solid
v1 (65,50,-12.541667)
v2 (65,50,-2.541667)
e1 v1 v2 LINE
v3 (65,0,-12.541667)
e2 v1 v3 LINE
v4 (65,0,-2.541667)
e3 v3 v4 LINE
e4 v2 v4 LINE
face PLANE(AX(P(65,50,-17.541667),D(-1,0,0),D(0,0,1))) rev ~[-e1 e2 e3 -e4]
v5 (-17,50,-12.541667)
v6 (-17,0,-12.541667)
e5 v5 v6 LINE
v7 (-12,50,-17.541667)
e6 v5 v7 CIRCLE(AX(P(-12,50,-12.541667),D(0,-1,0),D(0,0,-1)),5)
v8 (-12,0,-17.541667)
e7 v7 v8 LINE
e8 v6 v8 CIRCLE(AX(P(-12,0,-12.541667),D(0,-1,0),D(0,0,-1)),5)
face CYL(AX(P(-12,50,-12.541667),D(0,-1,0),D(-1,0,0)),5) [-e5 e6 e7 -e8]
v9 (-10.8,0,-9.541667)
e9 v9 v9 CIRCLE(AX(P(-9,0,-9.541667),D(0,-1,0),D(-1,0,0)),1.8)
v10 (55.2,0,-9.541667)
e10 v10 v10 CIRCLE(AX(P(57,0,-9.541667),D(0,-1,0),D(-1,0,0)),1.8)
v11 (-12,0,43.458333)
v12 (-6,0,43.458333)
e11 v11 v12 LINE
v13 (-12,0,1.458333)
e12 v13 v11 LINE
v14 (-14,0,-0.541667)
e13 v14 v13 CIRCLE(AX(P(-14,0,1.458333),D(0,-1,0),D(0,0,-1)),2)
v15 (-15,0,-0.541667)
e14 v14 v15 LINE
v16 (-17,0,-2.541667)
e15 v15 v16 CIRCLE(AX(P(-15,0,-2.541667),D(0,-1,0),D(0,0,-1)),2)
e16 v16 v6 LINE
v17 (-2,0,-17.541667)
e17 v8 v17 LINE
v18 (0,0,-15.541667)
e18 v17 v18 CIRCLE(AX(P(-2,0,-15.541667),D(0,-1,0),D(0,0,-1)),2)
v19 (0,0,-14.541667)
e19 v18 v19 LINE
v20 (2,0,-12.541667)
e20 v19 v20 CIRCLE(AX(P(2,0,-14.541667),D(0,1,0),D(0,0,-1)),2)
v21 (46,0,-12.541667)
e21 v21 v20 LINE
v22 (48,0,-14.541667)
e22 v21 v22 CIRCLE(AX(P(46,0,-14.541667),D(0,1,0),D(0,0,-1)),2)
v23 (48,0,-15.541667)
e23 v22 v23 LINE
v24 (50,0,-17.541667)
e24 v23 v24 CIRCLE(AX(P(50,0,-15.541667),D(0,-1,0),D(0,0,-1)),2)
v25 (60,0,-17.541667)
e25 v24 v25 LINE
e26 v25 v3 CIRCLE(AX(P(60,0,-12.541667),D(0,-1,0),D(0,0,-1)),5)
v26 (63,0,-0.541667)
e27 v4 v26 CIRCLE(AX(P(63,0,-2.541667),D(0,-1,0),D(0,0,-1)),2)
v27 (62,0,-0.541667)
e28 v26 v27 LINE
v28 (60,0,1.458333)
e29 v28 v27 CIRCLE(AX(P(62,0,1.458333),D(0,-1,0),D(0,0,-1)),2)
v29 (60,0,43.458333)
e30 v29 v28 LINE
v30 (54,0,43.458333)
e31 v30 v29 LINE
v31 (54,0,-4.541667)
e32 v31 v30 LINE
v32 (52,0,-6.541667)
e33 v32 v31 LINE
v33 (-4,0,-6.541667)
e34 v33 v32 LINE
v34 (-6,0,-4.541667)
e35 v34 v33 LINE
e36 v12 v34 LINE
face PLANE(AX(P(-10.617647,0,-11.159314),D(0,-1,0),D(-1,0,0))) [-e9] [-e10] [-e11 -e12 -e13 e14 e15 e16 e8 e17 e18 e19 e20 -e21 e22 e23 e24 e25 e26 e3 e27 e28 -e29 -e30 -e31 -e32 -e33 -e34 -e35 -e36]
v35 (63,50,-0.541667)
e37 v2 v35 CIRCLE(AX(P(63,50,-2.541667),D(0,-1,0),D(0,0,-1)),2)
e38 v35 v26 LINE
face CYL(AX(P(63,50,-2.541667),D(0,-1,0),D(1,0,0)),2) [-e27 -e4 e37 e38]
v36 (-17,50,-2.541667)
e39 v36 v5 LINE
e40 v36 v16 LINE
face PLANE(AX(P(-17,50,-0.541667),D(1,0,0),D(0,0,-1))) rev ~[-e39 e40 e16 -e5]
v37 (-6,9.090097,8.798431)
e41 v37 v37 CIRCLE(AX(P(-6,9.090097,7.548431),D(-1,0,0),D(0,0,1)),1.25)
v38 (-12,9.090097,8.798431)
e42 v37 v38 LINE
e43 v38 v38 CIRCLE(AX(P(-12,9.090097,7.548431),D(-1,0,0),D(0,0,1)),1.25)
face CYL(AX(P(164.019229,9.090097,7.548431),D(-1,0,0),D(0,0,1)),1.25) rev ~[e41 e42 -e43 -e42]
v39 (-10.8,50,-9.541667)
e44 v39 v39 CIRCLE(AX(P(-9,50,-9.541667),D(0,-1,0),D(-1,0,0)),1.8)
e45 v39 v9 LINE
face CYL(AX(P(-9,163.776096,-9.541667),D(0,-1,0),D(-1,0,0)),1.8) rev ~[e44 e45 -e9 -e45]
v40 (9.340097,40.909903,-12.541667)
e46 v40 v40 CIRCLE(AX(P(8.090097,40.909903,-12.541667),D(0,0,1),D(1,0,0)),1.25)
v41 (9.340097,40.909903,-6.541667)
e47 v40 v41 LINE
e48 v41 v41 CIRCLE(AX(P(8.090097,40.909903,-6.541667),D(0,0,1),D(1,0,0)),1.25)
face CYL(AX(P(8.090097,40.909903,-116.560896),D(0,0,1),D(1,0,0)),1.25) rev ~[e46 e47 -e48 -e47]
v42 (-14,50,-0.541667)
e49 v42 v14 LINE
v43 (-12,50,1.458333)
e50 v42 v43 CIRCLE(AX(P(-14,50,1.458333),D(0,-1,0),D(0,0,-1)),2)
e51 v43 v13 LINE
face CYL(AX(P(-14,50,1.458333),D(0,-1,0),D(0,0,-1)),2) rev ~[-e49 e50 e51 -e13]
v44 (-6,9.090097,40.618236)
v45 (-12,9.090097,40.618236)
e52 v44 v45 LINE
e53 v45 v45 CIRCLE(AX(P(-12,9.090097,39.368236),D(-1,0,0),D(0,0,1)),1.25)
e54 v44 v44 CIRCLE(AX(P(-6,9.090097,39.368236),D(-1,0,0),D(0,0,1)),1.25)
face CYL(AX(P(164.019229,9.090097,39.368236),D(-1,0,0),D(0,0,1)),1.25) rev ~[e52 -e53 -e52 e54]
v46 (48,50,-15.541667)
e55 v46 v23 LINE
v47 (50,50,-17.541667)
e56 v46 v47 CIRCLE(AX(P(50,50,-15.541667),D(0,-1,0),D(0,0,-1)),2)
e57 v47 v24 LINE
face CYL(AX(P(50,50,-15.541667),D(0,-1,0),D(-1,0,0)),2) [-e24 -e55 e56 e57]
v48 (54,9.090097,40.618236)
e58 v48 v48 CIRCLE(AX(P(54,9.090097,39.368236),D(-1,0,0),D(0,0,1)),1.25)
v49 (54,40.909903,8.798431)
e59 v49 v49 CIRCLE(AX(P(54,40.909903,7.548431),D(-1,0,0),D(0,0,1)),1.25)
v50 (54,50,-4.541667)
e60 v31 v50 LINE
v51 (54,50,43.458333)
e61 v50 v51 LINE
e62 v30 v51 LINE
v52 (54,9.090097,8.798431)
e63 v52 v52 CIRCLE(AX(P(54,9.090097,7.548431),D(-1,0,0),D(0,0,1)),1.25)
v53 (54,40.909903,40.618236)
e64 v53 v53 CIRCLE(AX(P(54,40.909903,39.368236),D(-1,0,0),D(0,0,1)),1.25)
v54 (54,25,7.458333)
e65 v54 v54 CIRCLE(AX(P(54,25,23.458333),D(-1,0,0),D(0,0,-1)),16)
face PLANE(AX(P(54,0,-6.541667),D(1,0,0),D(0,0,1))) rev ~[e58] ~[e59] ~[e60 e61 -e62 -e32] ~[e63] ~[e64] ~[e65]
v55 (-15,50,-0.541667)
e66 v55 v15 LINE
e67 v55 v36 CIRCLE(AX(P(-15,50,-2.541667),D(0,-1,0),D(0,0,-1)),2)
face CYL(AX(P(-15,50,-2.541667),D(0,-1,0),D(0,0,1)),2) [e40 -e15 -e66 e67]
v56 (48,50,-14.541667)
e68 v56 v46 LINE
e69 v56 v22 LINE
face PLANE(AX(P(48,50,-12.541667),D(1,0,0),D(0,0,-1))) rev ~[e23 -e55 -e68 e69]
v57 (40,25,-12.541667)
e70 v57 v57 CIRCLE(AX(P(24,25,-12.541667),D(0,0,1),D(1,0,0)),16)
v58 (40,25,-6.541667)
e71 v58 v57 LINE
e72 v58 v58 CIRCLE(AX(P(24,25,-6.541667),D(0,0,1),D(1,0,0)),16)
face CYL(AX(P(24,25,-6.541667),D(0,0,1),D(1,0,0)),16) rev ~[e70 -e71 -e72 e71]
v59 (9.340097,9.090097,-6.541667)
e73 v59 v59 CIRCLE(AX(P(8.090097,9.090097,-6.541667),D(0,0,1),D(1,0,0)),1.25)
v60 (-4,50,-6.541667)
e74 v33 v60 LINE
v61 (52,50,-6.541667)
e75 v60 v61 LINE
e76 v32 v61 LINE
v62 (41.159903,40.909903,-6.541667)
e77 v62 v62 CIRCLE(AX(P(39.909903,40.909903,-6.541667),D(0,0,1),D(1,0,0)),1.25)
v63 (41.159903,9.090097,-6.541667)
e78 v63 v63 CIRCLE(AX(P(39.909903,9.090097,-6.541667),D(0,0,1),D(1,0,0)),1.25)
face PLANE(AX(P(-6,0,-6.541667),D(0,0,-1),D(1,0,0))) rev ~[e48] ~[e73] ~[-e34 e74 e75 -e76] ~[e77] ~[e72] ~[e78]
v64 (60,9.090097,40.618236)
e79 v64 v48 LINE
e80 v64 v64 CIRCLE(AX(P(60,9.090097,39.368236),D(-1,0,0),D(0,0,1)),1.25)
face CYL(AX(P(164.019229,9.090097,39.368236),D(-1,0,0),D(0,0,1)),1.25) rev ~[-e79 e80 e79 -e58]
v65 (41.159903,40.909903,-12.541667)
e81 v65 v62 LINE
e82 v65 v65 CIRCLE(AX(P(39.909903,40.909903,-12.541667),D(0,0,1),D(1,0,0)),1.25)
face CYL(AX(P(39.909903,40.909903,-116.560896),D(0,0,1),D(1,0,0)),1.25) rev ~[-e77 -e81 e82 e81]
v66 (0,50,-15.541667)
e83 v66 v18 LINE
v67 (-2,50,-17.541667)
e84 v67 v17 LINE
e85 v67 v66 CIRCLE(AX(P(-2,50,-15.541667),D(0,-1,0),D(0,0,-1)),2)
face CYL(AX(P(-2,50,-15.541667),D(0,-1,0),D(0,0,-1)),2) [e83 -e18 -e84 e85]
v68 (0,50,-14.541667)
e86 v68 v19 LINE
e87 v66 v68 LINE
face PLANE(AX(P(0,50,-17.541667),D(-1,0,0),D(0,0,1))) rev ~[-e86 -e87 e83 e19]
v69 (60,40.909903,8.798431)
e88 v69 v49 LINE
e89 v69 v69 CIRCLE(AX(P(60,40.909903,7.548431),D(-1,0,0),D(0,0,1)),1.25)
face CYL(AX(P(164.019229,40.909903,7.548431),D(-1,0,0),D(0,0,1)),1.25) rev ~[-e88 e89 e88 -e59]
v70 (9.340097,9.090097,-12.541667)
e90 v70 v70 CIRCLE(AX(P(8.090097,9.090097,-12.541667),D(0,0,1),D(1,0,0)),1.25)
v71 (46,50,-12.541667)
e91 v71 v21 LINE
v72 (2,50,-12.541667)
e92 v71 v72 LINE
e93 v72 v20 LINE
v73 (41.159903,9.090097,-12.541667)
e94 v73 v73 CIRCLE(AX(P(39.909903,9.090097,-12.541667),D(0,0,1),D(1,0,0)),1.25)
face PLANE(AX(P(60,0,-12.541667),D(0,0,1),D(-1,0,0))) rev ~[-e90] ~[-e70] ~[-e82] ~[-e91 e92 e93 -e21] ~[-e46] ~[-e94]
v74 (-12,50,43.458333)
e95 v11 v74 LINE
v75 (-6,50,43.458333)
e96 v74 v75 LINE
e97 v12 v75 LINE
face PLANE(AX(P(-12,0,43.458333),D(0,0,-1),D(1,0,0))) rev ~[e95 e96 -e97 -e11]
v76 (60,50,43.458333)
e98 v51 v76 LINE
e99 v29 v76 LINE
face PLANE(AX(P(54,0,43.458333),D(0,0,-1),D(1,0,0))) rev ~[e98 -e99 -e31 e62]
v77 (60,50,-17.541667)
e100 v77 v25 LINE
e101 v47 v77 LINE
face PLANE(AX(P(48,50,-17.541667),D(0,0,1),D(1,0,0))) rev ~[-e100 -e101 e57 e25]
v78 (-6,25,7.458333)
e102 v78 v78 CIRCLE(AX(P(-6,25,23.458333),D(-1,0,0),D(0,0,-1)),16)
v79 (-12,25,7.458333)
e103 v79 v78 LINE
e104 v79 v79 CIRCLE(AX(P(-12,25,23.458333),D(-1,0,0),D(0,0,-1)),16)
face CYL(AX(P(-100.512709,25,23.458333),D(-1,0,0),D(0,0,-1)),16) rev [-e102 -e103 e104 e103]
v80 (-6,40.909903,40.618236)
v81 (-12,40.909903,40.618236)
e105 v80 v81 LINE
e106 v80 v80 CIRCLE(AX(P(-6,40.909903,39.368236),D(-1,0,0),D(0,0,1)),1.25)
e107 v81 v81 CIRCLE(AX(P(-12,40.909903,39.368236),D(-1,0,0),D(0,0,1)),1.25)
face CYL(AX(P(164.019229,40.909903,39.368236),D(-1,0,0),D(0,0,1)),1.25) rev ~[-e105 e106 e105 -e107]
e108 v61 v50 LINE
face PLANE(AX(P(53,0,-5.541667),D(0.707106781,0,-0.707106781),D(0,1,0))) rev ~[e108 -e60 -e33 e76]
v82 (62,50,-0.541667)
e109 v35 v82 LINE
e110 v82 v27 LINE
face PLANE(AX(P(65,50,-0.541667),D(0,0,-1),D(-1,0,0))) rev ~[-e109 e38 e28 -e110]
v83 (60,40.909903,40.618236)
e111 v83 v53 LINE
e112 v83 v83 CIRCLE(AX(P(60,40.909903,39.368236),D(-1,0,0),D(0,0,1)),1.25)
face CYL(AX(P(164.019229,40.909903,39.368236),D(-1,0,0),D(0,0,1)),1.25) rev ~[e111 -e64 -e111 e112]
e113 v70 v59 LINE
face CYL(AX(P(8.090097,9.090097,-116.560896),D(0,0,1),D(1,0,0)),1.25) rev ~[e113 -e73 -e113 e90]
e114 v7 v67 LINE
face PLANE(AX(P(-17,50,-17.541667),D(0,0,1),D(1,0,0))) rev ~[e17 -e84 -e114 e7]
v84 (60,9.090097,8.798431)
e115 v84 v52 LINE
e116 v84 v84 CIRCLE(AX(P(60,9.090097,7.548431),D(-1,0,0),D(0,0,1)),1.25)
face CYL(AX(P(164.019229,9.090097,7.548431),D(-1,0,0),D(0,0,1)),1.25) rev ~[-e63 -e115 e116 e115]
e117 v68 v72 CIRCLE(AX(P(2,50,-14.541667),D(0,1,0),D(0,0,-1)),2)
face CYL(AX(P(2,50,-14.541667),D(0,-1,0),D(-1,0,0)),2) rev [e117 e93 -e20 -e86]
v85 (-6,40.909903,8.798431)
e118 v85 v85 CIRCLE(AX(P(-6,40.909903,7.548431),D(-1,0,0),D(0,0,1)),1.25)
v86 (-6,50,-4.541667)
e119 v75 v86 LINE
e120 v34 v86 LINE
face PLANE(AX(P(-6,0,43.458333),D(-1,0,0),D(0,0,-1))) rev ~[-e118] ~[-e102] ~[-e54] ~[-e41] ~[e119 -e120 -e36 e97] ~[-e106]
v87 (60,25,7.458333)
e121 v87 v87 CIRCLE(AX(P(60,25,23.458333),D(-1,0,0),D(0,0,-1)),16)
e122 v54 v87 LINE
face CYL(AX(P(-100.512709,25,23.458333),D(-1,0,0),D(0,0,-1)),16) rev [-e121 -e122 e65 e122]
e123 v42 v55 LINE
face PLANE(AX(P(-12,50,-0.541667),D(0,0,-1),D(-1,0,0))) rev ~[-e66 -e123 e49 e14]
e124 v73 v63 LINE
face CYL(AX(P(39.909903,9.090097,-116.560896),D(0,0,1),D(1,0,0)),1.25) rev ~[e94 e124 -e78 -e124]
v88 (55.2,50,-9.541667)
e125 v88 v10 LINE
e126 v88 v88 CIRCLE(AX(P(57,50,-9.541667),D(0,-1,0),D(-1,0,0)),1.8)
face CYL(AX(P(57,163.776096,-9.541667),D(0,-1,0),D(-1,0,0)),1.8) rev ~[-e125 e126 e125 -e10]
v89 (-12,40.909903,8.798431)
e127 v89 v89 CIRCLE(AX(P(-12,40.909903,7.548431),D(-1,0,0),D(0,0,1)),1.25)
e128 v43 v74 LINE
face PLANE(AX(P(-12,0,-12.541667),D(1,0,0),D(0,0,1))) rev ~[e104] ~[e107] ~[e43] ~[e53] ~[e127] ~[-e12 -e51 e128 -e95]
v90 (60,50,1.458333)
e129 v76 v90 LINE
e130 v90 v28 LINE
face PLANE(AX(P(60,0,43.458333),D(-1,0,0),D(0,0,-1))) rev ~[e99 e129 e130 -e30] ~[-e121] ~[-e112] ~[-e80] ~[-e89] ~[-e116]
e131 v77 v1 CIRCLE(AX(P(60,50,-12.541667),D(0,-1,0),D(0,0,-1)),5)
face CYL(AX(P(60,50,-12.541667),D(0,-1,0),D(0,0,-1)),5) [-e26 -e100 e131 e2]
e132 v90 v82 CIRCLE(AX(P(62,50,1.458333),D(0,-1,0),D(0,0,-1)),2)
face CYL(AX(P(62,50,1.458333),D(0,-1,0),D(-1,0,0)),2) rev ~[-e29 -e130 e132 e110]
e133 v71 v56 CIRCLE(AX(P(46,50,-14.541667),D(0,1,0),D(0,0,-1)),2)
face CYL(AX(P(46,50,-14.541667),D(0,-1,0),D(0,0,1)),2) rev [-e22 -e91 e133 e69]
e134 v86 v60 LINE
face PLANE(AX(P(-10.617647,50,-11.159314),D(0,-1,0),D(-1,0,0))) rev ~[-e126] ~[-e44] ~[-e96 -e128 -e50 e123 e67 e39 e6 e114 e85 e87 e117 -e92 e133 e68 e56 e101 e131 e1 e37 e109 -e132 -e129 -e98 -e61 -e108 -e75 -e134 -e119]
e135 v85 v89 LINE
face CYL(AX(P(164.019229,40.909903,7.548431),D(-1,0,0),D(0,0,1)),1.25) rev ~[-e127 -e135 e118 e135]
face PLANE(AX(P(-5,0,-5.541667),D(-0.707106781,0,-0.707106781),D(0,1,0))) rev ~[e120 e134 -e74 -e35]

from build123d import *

# Parameters (mm, degrees)
BOSS_EXTRUDE1_DEPTH     = 50
CUT_EXTRUDE1_DEPTH      = 94.512708955
CUT_EXTRUDE1_DEPTH_BACK = 94.512708955
SKETCH2_R               = 16
SKETCH3_R               = 16
CUT_EXTRUDE2_DEPTH      = 93.736184955
TAP_DRILL_FOR_M3_TAP1_D = 2.5
TAP_DRILL_FOR_M3_TAP2_D = 2.5
CHAMFER1_SIZE           = 2
BOSS_EXTRUDE2_DEPTH     = 50
FILLET1_R               = 2
FILLET2_R               = 5
M3_CLEARANCE_HOLE1_D    = 3.6


with BuildPart() as part:
    # Sketch1 → Boss-Extrude1 (new body)
    with BuildSketch(Plane(origin=(0, 0, 0), x_dir=(1, 0, 0), z_dir=(0, 1, 0))):
        Polygon((-12, -43.458333333), (-6, -43.458333333), (-6, 6.541666667), (54, 6.541666667), (54, -43.458333333), (60, -43.458333333), (60, 12.541666667), (-12, 12.541666667), align=None)
    extrude(amount=BOSS_EXTRUDE1_DEPTH)

    # Sketch2 → Cut-Extrude1 (cut, two sides: drawn at the far end of the back side and taken through both)
    with BuildSketch(Plane(origin=(-6, 0, 0), x_dir=(0, 0, -1), z_dir=(1, 0, 0)).offset(-CUT_EXTRUDE1_DEPTH_BACK)):
        with Locations((-23.458333333, 25)):
            Circle(SKETCH2_R)
    extrude(amount=CUT_EXTRUDE1_DEPTH + CUT_EXTRUDE1_DEPTH_BACK, mode=Mode.SUBTRACT)

    # Sketch3 → Cut-Extrude2 (cut, through all)
    with BuildSketch(Plane.XY.offset(-6.541666667)):
        with Locations((24, 25)):
            Circle(SKETCH3_R)
    extrude(amount=-CUT_EXTRUDE2_DEPTH, mode=Mode.SUBTRACT)

    # Tap Drill for M3 Tap1 (through all)
    with Locations(Plane(origin=(60, 0, 0), x_dir=(0, 0, -1), z_dir=(1, 0, 0))):
        with Locations((-39.36823591, 9.090097423), (-39.36823591, 40.909902577), (-7.548430757, 40.909902577), (-7.548430757, 9.090097423)):
            Hole(TAP_DRILL_FOR_M3_TAP1_D / 2)

    # Tap Drill for M3 Tap2 (through all)
    with Locations(Plane(origin=(0, 0, -12.541666667), x_dir=(-1, 0, 0), z_dir=(0, 0, -1))):
        with Locations((-39.909902577, 9.090097423), (-39.909902577, 40.909902577), (-8.090097423, 40.909902577), (-8.090097423, 9.090097423)):
            Hole(TAP_DRILL_FOR_M3_TAP2_D / 2)

    # Chamfer1
    chamfer1_edges = [part.edges().sort_by_distance(p)[0] for p in [
        (54, 25, -6.541666667),
        (-6, 25, -6.541666667),
    ]]
    chamfer(chamfer1_edges, length=CHAMFER1_SIZE)

    # Sketch9 → Boss-Extrude2 (add)
    with BuildSketch(Plane(origin=(0, 50, 0), x_dir=(1, 0, 0), z_dir=(0, 1, 0))):
        Polygon((-12, 0.541666667), (-17, 0.541666667), (-17, 17.541666667), (0, 17.541666667), (0, 12.541666667), (-12, 12.541666667), align=None)
        Polygon((65, 17.541666667), (65, 0.541666667), (60, 0.541666667), (60, 12.541666667), (48, 12.541666667), (48, 17.541666667), align=None)
    extrude(amount=-BOSS_EXTRUDE2_DEPTH)

    # Fillet1
    fillet1_edges = [part.edges().sort_by_distance(p)[0] for p in [
        (-12, 25, -0.541666667),
        (-17, 25, -0.541666667),
        (0, 25, -17.541666667),
        (0, 25, -12.541666667),
        (48, 25, -17.541666667),
        (65, 25, -0.541666667),
        (60, 25, -0.541666667),
        (48, 25, -12.541666667),
    ]]
    fillet(fillet1_edges, radius=FILLET1_R)

    # Fillet2
    fillet2_edges = [part.edges().sort_by_distance(p)[0] for p in [
        (-17, 25, -17.541666667),
        (65, 25, -17.541666667),
    ]]
    fillet(fillet2_edges, radius=FILLET2_R)

    # M3 Clearance Hole1 (through all)
    with Locations(Plane(origin=(0, 50, 0), x_dir=(1, 0, 0), z_dir=(0, 1, 0))):
        with Locations((-9, 9.541666667), (57, 9.541666667)):
            Hole(M3_CLEARANCE_HOLE1_D / 2)


solid = part.part
